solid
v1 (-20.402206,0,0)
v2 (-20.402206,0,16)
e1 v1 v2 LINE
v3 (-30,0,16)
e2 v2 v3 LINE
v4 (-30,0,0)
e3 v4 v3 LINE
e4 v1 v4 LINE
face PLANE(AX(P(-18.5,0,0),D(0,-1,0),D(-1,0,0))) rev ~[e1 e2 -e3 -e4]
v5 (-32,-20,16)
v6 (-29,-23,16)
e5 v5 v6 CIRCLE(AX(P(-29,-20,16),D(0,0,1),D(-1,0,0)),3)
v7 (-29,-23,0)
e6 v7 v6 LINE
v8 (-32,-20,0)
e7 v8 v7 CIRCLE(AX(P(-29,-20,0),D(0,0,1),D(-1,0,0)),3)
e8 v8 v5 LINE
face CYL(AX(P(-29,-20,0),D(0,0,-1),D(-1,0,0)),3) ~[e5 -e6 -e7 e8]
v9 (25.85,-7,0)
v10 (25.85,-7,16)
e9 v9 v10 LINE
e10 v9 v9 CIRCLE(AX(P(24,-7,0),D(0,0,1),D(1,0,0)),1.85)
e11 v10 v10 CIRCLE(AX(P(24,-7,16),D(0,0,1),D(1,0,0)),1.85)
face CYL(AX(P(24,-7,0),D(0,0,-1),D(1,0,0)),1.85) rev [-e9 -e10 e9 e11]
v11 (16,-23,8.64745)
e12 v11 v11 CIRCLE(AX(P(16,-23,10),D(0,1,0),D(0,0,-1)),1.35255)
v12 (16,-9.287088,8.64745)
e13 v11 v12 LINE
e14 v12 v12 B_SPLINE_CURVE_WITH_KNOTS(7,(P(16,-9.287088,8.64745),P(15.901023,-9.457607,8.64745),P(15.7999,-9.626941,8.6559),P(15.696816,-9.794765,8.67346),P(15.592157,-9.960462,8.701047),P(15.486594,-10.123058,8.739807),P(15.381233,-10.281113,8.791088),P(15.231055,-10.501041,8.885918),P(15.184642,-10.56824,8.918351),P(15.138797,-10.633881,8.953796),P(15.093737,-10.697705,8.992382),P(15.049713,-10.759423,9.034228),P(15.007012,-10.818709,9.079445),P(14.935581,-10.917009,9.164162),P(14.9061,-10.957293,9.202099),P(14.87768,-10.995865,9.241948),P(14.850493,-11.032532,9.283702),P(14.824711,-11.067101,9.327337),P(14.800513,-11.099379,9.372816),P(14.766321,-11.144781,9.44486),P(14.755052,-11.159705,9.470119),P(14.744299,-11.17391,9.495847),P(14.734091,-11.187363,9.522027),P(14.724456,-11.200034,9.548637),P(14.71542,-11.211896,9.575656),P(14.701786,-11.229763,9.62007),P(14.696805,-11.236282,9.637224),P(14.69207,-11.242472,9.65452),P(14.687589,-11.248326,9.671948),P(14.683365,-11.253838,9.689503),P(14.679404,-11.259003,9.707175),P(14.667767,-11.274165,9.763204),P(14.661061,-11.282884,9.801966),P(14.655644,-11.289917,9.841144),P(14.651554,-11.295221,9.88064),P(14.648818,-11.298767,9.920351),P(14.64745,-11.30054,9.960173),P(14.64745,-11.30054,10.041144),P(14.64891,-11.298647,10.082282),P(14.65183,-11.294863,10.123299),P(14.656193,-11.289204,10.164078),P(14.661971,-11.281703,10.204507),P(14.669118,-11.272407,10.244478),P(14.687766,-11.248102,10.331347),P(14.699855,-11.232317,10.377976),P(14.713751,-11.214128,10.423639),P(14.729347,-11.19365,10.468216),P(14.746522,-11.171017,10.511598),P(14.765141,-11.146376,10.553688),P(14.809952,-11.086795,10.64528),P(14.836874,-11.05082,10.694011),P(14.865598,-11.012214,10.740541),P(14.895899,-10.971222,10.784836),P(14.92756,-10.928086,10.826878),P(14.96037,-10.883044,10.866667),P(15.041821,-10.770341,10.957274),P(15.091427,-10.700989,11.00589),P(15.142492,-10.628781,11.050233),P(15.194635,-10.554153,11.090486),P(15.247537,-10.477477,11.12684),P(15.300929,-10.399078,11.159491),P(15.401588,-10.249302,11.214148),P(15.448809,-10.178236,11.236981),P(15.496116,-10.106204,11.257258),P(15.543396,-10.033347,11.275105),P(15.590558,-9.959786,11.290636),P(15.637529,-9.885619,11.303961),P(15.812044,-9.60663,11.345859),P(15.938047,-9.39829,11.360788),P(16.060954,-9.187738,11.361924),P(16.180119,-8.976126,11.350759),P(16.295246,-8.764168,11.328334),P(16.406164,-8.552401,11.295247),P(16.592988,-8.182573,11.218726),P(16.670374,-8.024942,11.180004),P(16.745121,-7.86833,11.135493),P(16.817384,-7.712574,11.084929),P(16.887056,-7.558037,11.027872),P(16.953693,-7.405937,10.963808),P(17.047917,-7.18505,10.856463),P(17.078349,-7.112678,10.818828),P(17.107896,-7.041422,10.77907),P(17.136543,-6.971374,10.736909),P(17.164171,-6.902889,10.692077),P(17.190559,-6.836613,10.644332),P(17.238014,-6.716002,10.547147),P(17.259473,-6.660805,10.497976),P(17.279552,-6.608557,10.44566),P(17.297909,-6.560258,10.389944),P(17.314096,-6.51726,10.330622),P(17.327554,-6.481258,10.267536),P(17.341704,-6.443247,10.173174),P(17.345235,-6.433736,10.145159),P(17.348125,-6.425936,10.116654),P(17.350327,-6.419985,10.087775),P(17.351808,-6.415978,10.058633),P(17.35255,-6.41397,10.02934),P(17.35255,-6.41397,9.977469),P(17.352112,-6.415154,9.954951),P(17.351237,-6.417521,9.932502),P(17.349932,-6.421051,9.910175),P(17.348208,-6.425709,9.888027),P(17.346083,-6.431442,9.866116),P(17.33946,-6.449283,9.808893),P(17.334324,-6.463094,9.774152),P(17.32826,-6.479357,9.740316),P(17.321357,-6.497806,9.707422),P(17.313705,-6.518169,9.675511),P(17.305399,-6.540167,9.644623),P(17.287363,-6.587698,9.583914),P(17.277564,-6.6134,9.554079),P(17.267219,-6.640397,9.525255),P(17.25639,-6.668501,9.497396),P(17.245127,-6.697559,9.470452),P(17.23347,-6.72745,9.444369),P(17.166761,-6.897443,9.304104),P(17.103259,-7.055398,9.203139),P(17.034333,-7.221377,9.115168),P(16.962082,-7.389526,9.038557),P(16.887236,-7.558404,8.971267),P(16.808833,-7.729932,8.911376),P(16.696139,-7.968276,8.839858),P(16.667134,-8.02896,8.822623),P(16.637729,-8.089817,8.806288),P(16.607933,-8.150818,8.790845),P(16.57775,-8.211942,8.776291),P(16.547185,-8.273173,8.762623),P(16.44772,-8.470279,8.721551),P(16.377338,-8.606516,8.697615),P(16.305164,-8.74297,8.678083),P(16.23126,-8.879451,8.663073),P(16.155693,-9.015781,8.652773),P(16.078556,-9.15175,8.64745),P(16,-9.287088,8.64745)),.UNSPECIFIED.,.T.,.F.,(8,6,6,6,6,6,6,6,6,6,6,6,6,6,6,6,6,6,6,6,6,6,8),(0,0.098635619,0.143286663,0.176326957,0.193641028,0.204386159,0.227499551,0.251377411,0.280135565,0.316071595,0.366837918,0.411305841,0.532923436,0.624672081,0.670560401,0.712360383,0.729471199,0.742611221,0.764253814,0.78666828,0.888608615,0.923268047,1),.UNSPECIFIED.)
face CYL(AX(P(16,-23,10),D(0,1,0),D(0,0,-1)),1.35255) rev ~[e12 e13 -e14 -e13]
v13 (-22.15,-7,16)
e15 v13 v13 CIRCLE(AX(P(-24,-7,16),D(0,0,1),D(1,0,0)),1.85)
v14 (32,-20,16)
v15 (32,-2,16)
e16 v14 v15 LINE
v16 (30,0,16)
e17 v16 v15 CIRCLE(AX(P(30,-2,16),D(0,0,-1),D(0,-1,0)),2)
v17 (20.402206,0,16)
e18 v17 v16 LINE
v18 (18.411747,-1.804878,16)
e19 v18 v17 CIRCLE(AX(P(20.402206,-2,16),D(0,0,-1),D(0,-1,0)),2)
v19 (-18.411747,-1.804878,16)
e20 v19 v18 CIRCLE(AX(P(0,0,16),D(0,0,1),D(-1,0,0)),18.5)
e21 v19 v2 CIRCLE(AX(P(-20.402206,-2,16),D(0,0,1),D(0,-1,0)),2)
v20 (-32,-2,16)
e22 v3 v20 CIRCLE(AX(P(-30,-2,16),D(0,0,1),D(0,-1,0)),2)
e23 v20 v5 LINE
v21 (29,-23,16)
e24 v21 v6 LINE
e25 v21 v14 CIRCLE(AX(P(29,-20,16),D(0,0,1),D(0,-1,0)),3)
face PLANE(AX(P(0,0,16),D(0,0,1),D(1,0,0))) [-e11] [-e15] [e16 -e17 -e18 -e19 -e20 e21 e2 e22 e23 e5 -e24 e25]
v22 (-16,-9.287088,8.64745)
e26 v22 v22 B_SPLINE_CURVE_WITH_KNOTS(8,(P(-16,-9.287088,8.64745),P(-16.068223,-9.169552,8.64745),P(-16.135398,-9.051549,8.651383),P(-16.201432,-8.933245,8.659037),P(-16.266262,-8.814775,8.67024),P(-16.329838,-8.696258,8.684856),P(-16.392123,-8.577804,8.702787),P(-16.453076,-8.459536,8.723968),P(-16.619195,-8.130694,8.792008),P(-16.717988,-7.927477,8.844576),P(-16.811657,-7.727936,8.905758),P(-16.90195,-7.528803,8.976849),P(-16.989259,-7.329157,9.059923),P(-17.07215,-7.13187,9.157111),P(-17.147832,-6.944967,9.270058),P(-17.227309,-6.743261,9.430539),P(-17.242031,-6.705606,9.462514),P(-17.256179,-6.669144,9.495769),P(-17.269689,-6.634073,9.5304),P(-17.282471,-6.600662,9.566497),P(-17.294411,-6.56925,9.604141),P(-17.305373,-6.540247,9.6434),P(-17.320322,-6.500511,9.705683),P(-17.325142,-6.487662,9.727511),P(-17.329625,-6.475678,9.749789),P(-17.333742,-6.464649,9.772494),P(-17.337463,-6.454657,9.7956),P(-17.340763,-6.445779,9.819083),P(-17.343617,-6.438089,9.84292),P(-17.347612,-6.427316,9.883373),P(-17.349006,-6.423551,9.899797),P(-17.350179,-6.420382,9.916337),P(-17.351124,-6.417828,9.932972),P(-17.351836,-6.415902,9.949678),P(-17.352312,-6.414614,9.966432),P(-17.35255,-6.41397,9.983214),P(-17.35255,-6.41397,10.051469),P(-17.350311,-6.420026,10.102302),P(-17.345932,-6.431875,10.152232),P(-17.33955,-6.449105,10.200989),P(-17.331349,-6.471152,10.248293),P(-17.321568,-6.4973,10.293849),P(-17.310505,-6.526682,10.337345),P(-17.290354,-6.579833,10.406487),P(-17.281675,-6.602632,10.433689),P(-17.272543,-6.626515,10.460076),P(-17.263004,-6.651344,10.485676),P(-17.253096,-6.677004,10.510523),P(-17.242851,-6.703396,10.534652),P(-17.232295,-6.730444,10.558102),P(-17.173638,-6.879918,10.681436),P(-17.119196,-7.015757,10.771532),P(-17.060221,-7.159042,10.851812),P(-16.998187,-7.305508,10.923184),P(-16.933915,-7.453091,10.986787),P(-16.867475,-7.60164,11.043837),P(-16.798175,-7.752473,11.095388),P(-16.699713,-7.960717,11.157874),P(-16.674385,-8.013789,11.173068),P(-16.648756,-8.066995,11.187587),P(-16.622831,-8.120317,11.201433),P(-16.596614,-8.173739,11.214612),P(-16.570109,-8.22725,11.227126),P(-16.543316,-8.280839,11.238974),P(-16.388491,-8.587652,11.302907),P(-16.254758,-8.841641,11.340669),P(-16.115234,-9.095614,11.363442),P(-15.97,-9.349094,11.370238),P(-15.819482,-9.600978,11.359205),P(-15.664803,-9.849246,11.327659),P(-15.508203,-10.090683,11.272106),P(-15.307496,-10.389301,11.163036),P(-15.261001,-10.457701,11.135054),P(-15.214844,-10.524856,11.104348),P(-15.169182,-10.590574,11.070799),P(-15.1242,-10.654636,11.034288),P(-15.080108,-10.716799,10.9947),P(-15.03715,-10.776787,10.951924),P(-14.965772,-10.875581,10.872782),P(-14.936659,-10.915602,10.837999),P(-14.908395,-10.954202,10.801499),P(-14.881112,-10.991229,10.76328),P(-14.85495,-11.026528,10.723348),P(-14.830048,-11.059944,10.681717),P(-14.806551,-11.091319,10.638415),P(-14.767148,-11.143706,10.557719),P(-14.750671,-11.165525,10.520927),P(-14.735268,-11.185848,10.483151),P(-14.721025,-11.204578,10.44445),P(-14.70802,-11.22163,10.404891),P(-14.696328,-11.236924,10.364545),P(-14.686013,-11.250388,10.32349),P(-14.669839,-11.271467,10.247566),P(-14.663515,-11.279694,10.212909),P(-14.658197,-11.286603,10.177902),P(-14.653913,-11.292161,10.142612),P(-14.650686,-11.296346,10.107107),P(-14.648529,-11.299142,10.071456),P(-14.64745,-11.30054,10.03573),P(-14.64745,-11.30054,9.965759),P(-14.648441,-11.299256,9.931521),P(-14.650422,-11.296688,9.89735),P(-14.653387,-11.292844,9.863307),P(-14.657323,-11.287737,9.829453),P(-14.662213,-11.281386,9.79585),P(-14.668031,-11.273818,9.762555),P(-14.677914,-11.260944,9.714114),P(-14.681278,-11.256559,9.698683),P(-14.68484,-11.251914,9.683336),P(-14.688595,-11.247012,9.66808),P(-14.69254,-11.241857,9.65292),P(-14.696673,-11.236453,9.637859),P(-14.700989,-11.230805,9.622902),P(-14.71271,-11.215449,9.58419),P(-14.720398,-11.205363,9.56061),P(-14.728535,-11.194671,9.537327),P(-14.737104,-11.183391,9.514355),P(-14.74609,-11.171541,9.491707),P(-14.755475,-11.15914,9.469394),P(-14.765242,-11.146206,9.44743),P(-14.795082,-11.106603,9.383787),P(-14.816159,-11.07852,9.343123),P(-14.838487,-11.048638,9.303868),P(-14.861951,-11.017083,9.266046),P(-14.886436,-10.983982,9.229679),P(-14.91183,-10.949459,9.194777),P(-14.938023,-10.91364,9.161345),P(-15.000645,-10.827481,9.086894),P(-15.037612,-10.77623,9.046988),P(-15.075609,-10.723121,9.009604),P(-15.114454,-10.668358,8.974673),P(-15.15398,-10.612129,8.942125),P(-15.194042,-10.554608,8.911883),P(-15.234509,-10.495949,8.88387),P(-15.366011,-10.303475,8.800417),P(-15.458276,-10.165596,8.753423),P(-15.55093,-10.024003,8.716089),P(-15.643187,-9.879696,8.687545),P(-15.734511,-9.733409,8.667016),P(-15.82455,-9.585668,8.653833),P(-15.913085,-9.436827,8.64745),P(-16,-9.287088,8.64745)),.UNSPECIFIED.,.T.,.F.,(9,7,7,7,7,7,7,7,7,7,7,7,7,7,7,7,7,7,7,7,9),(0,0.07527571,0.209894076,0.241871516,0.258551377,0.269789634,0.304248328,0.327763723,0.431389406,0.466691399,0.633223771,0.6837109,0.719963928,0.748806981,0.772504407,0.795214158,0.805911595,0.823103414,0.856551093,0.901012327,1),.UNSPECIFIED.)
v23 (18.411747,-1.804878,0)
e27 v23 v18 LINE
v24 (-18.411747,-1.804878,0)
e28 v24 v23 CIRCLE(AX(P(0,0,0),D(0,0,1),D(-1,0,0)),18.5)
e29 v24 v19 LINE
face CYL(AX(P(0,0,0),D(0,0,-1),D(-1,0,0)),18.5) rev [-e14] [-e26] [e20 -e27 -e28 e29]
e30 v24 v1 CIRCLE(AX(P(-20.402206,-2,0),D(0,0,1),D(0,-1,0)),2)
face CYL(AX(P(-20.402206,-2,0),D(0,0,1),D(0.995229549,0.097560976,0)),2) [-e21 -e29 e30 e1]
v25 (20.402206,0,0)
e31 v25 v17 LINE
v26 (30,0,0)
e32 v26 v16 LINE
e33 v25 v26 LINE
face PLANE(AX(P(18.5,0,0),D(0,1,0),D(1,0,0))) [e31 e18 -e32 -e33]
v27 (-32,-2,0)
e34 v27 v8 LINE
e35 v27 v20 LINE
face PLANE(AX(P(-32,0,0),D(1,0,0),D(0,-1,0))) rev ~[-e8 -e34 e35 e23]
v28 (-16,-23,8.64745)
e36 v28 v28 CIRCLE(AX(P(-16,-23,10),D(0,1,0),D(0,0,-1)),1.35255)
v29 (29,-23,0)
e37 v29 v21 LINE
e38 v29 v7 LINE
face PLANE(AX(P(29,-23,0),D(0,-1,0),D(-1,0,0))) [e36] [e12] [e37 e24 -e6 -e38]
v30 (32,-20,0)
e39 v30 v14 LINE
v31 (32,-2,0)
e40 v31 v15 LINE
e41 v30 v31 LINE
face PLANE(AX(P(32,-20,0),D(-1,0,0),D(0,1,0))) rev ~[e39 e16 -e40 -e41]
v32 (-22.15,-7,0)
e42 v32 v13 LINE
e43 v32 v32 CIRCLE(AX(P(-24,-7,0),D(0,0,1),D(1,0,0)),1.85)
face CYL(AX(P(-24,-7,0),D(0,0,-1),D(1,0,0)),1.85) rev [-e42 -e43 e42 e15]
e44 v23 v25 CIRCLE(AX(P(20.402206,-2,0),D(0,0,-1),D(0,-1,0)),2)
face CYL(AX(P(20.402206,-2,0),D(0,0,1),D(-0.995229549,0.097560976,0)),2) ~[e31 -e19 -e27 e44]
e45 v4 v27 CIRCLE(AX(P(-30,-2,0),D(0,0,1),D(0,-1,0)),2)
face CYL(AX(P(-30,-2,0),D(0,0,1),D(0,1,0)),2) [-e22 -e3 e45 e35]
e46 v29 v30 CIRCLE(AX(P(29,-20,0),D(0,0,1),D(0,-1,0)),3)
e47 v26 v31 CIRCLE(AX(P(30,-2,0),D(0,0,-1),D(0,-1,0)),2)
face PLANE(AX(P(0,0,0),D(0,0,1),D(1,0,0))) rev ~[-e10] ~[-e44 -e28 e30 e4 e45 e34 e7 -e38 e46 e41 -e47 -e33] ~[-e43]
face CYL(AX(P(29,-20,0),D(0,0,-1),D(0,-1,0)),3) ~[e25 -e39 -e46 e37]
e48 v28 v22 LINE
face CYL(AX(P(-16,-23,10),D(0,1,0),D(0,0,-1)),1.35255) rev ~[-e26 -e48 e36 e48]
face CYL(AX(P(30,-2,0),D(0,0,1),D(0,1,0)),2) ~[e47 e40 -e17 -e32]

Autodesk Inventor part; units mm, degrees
ref_plane "YZ Plane" through (0, 0, 0) normal (1, 0, 0) x (0, 1, 0)
ref_plane "XZ Plane" through (0, 0, 0) normal (0, 1, 0) x (-1, 0, 0)
ref_plane "XY Plane" through (0, 0, 0) normal (0, 0, 1) x (1, 0, 0)
sketch "Sketch1" plane through (0, 0, 0) normal (0, 0, 1) x (1, 0, 0)
  arc A0 (-18.5, 0) -> (18.5, 0) centre (0, 0) ccw projected
  line L0 (18.5, 0) -> (32.0244, 0)
  line L1 (96, -23) -> (-64, -23) projected
  circle A1 centre (24, -7) radius 1.85 projected
  circle A2 centre (-24, -7) radius 1.85 projected
  line L2 (32, -20) -> (32, 6) projected
  line L3 (-32, 6) -> (-32, -20) projected
  line L4 (-18.5, 0) -> (-32, 0)
  line L5 (-32, -20) -> (-32, -23)
  arc A3 (29, -23) -> (32, -20) centre (29, -20) ccw projected
  arc A4 (-32, -20) -> (-29, -23) centre (-29, -20) ccw projected
  point P0 (32, 0)
extrude "Extrusion1" add sketch "Sketch1" along normal blind 16 contours A0 L0 L2 A3 L1 A4 L3 L4
sketch "Sketch2" plane through (-29, -23, 0) normal (0, -1, 0) x (1, 0, 0)
  circle A0 centre (45, 10) radius 1.85
  circle A1 centre (13, 10) radius 1.85
  point P0 (29, 0)
hole "Hole1" at (16, -23, 10) at (-16, -23, 10) direction (0, 1, 0) diameter 2.7051 end through all
fillet "Fillet1" radius 2 4 edges at (32, 0, 8) (18.5, 0, 8) (-18.5, 0, 8) (-32, 0, 8)
properties part number "motorsupport"
